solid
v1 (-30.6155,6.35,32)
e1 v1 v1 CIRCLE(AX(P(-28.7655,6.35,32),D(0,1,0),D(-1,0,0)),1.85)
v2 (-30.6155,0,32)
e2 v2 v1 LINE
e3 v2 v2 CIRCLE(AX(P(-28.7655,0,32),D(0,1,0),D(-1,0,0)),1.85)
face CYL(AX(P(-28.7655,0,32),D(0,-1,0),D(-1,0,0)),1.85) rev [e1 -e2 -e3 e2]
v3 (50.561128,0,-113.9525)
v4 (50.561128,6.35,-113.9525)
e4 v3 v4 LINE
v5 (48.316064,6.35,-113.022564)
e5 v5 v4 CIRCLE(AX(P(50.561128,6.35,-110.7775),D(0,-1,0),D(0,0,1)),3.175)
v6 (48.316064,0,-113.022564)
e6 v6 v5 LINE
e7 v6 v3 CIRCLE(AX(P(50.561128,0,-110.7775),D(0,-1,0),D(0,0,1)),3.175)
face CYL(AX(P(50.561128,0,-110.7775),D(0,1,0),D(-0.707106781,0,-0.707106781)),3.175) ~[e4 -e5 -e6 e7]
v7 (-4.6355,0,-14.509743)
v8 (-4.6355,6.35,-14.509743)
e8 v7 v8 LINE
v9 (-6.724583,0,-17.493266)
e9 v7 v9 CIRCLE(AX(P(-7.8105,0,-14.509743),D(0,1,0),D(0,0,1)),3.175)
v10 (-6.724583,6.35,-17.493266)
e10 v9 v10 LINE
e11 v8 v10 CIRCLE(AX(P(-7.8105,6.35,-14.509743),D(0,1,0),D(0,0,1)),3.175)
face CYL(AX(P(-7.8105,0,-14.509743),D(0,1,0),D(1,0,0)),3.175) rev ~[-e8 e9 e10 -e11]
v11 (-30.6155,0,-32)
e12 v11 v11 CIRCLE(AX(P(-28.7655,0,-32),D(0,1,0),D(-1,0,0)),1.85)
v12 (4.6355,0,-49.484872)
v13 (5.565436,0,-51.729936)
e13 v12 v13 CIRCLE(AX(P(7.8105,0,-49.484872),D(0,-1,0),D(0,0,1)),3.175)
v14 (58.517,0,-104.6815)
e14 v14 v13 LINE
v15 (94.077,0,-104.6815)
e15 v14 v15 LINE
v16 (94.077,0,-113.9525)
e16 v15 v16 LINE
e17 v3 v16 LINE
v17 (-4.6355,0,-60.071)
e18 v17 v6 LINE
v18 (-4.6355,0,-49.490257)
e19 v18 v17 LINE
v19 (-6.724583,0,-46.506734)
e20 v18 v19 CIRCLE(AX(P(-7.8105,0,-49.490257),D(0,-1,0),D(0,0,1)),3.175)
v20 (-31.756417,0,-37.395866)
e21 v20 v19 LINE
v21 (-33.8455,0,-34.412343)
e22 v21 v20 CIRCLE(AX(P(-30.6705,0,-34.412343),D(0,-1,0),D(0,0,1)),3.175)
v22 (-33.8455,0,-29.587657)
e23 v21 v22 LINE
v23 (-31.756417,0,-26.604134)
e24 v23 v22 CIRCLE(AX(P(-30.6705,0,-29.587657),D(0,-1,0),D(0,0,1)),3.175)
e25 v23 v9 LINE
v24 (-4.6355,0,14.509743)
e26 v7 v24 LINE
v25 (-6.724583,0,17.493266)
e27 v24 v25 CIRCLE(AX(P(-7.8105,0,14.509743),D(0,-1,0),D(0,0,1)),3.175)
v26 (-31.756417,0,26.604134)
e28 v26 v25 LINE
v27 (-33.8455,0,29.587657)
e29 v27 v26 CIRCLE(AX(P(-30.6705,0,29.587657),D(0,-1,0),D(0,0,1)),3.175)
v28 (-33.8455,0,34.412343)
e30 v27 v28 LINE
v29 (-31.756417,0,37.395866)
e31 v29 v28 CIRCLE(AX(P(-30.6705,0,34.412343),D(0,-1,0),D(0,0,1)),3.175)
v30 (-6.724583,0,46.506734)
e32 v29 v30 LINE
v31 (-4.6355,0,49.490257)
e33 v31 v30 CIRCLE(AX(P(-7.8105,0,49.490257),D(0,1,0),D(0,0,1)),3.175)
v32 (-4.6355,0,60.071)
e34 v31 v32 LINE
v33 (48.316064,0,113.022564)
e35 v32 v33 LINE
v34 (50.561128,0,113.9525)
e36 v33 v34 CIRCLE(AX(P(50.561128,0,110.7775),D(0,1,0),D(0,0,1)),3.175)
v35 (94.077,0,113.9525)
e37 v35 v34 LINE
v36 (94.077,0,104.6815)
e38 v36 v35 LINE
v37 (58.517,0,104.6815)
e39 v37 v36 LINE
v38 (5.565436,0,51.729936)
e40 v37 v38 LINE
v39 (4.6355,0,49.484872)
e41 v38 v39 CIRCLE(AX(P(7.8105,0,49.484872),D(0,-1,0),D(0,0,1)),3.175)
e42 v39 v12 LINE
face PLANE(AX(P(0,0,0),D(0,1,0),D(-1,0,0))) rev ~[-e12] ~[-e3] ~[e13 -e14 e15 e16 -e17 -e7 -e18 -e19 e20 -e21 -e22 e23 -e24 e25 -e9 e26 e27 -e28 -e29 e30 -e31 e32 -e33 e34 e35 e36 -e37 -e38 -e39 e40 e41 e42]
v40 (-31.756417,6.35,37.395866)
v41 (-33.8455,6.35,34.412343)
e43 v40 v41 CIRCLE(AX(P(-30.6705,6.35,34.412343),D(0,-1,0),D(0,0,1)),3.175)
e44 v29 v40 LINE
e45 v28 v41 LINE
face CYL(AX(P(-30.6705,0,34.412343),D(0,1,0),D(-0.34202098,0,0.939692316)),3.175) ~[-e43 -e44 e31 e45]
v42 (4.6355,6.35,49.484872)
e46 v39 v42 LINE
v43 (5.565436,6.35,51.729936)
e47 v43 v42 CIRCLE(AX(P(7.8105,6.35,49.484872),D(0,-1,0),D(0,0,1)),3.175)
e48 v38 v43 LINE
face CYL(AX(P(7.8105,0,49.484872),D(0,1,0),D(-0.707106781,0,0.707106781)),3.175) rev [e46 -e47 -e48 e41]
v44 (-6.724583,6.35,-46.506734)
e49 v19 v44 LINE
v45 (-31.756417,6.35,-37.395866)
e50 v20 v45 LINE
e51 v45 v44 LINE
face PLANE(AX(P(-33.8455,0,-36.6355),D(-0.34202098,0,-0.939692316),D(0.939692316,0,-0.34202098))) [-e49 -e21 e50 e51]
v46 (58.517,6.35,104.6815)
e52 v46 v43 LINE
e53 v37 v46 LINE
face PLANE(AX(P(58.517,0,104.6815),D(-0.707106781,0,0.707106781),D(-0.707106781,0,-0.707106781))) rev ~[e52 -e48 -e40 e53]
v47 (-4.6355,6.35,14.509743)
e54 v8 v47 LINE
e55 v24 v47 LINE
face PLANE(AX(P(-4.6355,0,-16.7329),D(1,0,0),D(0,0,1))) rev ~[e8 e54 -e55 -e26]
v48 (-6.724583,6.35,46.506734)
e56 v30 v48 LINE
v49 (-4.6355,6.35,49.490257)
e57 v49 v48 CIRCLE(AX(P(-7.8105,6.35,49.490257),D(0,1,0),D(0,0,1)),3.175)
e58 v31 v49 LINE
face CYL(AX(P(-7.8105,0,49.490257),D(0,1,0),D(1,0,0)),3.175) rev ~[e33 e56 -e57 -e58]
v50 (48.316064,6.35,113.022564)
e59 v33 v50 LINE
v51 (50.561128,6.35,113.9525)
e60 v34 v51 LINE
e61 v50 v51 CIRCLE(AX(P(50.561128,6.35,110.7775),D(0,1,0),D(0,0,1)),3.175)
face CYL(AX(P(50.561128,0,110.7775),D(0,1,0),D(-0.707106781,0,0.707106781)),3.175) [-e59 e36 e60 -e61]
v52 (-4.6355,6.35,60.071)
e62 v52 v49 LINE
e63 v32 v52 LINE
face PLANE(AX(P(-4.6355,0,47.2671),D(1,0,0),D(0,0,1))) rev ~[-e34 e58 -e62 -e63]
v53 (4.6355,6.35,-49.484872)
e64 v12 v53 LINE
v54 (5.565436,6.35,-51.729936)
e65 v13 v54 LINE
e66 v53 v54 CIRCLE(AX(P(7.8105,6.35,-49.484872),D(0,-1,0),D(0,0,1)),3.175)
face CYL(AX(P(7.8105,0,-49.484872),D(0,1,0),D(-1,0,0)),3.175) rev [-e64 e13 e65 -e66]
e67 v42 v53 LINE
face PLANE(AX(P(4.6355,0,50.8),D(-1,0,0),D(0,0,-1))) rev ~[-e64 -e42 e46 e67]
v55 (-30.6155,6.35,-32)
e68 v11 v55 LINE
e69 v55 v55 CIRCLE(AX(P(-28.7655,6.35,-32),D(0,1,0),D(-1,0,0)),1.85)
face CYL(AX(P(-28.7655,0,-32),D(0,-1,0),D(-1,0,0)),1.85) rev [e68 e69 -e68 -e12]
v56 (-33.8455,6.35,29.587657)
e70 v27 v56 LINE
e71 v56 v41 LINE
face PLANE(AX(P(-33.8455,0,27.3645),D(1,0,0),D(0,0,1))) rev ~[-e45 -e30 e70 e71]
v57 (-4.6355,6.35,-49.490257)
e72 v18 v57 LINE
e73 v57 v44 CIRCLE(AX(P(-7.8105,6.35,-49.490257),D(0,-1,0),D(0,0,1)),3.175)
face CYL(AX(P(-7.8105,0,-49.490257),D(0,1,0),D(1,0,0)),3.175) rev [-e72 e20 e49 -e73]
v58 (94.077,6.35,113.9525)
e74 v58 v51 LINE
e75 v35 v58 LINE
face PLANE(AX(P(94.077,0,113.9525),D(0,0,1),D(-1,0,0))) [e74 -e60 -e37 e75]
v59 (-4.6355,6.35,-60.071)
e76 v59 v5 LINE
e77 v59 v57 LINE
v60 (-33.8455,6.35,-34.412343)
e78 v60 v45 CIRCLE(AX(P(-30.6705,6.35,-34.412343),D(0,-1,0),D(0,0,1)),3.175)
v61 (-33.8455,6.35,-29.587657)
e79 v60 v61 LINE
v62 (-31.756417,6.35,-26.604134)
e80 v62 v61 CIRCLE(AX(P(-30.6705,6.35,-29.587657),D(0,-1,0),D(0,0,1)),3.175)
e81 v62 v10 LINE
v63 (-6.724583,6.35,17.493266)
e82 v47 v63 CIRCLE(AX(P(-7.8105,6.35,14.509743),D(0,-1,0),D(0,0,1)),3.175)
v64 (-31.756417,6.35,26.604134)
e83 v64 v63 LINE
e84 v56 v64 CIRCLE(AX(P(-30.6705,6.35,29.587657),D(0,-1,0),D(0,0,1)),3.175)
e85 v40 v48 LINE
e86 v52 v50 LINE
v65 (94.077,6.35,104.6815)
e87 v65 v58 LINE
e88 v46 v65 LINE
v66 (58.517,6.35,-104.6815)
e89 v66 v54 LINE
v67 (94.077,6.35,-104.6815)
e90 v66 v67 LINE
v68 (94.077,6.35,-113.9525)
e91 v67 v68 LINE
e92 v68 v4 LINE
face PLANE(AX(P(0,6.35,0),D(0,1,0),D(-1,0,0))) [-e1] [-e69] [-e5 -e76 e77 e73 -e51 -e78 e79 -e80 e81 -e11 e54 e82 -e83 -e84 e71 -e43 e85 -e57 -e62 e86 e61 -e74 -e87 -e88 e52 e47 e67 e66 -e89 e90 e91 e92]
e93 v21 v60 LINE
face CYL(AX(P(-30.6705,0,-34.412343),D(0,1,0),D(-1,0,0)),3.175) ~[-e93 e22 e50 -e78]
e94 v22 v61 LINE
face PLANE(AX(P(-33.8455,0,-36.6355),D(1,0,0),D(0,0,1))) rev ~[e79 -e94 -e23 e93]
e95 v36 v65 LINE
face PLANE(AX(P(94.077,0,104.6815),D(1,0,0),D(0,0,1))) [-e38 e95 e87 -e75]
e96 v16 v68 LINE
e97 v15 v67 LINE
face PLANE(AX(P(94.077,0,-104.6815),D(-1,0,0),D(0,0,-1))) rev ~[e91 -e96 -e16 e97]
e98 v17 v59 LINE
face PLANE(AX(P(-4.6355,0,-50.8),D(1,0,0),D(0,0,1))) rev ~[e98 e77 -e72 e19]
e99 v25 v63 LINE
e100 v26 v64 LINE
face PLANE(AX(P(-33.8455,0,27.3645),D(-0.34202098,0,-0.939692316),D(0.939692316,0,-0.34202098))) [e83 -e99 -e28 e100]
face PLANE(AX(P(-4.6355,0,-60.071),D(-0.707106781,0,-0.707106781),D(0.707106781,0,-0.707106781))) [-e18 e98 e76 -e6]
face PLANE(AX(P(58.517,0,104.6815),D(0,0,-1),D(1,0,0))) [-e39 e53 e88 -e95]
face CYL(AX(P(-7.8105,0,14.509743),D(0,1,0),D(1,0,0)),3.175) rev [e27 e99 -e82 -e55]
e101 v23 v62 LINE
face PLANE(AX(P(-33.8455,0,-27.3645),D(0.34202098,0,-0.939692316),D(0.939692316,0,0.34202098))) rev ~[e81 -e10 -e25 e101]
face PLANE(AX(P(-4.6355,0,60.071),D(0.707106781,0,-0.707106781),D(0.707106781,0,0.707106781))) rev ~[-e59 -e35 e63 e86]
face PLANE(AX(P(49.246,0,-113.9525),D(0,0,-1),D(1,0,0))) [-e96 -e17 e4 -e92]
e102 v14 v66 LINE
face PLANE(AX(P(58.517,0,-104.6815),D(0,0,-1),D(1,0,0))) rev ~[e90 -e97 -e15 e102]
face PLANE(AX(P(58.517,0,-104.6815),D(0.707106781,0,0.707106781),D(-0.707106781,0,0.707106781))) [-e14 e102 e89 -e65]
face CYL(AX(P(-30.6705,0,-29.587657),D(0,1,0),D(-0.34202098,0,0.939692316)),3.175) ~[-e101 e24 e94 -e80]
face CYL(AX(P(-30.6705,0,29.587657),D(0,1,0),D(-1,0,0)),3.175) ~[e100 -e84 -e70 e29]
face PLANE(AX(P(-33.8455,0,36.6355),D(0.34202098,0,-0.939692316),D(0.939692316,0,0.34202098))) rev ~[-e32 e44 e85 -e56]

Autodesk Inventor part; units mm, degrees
ref_plane "YZ Plane" through (0, 0, 0) normal (1, 0, 0) x (0, 1, 0)
ref_plane "XZ Plane" through (0, 0, 0) normal (0, 1, 0) x (-1, 0, 0)
ref_plane "XY Plane" through (0, 0, 0) normal (0, 0, 1) x (1, 0, 0)
sketch "Sketch1" plane through (0, 0, 0) normal (0, 1, 0) x (-1, 0, 0)
  line L0 (4.6355, 50.8) -> (-4.6355, 50.8)
  line L1 (-4.6355, 50.8) -> (-4.6355, -50.8)
  line L2 (-4.6355, -50.8) -> (4.6355, -50.8)
  line L3 (4.6355, -50.8) -> (4.6355, 50.8)
  line L4 (4.6355, 50.8) -> (-4.6355, -50.8) construction
  line L5 (-4.6355, 50.8) -> (4.6355, -50.8) construction
  line L6 (4.6355, 50.8) -> (4.6355, 75.7051) construction
  line L7 (4.6355, -50.8) -> (4.6355, -91.0918) construction
  line L8 (-4.6355, 50.8) -> (4.6355, 60.071)
  line L9 (4.6355, 60.071) -> (-49.246, 113.9525)
  line L10 (-49.246, 113.9525) -> (-58.517, 104.6815)
  line L11 (-58.517, 104.6815) -> (-4.6355, 50.8)
  line L12 (-4.6355, 50.8) -> (8.4757, 50.8) construction
  line L13 (-4.6355, -50.8) -> (4.6355, -60.071)
  line L14 (4.6355, -60.071) -> (-49.246, -113.9525)
  line L15 (-49.246, -113.9525) -> (-58.517, -104.6815)
  line L16 (-58.517, -104.6815) -> (-4.6355, -50.8)
  line L17 (-4.6355, -50.8) -> (8.4757, -50.8) construction
  line L18 (4.6355, 60.071) -> (4.6355, 50.8)
  line L19 (4.6355, -50.8) -> (4.6355, -60.071)
  line L20 (4.6355, 50.8) -> (4.6355, 38.1)
  line L21 (4.6355, 41.021) -> (4.6355, 60.071)
  line L22 (4.6355, 31.75) -> (4.6355, 41.021)
  line L23 (48.5075, 0) -> (-17.0034, 0) construction
  line L24 (-58.517, -104.6815) -> (-58.517, 104.6815) construction
  line L25 (-49.246, -113.9525) -> (-58.517, -113.9525)
  line L26 (-58.517, -113.9525) -> (-58.517, -104.6815)
  line L27 (-58.517, -104.6815) -> (-94.077, -104.6815)
  line L28 (-94.077, -104.6815) -> (-94.077, -113.9525)
  line L29 (-94.077, -113.9525) -> (-58.517, -113.9525)
  line L30 (-58.517, 104.6815) -> (-94.077, 104.6815)
  line L31 (-94.077, 104.6815) -> (-94.077, 113.9525)
  line L32 (-94.077, 113.9525) -> (-49.246, 113.9525)
  line L33 (55.1879, -32) -> (4.6355, -32) construction
  line L34 (4.6355, -32) -> (4.6355, -60.071)
  line L35 (4.6355, 22.7291) -> (4.6355, 50.8)
  line L36 (33.8455, 32) -> (4.6355, 32) construction
  line L37 (4.6355, 32) -> (4.6355, 60.071)
  line L38 (4.6355, 27.3645) -> (33.8455, 27.3645) construction
  line L39 (33.8455, 27.3645) -> (33.8455, 36.6355)
  line L40 (33.8455, 36.6355) -> (4.6355, 36.6355) construction
  line L41 (4.6355, 36.6355) -> (4.6355, 27.3645)
  line L42 (4.6355, 27.3645) -> (33.8455, 36.6355) construction
  line L43 (33.8455, 27.3645) -> (4.6355, 36.6355) construction
  line L44 (4.6355, -32) -> (33.8455, -32) construction
  line L45 (4.6355, -36.6355) -> (33.8455, -36.6355) construction
  line L46 (33.8455, -36.6355) -> (33.8455, -27.3645)
  line L47 (33.8455, -27.3645) -> (4.6355, -27.3645) construction
  line L48 (4.6355, -27.3645) -> (4.6355, -36.6355)
  line L49 (4.6355, -36.6355) -> (33.8455, -27.3645) construction
  line L50 (33.8455, -36.6355) -> (4.6355, -27.3645) construction
  line L51 (33.8455, -32) -> (28.7655, -32) construction
  circle A0 centre (28.7655, -32) radius 1.85
  line L52 (33.8455, 32) -> (28.7655, 32) construction
  circle A1 centre (28.7655, 32) radius 1.85
  line L53 (33.8455, -36.6355) -> (4.6355, -47.2671)
  line L54 (33.8455, -36.6355) -> (64.9301, -36.6355) construction
  line L55 (33.8455, -27.3645) -> (4.6355, -16.7329)
  line L56 (33.8455, -27.3645) -> (64.9301, -27.3645) construction
  line L57 (33.8455, 27.3645) -> (4.6355, 16.7329)
  line L58 (33.8455, 27.3645) -> (64.9301, 27.3645) construction
  line L59 (33.8455, 36.6355) -> (4.6355, 47.2671)
  line L60 (33.8455, 36.6355) -> (64.9301, 36.6355) construction
  point P0 (0, 0)
  point P1 (33.8455, 45.6585)
  point P2 (33.8455, 45.6585)
  point P3 (33.8455, 45.6585)
  dimension "d0" = 9.271
  dimension "d1" = 101.6
  dimension "d2" = 45
  dimension "d3" = 76.2
  dimension "d4" = 45
  dimension "d5" = 76.2
  dimension "d8" = 12.7
  dimension "d12" = 35.56
  dimension "d17" = 35.56
  dimension "d28" = 9.271
  dimension "d29" = 50.5524
  dimension "d30" = 29.21
  dimension "d31" = 9.271
  dimension "d32" = 5.08
  dimension "d33" = 3.7
  dimension "d34" = 5.08
  dimension "d35" = 3.7
  dimension "d36" = 160
  dimension "d37" = 160
  dimension "d38" = 160
  dimension "d39" = 160
extrude "Extrusion4" add sketch "Sketch1" along normal blind 6.35
fillet "Fillet4" radius 3.175 6 edges at (49.246, 3.175, 113.9525) (49.246, 3.175, -113.9525) (-4.6355, 3.175, -47.2671) (-4.6355, 3.175, 16.7329) (-4.6355, 3.175, 47.2671) (-4.6355, 3.175, -16.7329)
fillet "Fillet5" radius 3.175 4 edges at (-33.8455, 3.175, 36.6355) (-33.8455, 3.175, -27.3645) (-33.8455, 3.175, 27.3645) (-33.8455, 3.175, -36.6355)
fillet "Fillet6" radius 3.175 2 edges at (4.6355, 3.175, 50.8) (4.6355, 3.175, -50.8)
properties part number "Arm"
